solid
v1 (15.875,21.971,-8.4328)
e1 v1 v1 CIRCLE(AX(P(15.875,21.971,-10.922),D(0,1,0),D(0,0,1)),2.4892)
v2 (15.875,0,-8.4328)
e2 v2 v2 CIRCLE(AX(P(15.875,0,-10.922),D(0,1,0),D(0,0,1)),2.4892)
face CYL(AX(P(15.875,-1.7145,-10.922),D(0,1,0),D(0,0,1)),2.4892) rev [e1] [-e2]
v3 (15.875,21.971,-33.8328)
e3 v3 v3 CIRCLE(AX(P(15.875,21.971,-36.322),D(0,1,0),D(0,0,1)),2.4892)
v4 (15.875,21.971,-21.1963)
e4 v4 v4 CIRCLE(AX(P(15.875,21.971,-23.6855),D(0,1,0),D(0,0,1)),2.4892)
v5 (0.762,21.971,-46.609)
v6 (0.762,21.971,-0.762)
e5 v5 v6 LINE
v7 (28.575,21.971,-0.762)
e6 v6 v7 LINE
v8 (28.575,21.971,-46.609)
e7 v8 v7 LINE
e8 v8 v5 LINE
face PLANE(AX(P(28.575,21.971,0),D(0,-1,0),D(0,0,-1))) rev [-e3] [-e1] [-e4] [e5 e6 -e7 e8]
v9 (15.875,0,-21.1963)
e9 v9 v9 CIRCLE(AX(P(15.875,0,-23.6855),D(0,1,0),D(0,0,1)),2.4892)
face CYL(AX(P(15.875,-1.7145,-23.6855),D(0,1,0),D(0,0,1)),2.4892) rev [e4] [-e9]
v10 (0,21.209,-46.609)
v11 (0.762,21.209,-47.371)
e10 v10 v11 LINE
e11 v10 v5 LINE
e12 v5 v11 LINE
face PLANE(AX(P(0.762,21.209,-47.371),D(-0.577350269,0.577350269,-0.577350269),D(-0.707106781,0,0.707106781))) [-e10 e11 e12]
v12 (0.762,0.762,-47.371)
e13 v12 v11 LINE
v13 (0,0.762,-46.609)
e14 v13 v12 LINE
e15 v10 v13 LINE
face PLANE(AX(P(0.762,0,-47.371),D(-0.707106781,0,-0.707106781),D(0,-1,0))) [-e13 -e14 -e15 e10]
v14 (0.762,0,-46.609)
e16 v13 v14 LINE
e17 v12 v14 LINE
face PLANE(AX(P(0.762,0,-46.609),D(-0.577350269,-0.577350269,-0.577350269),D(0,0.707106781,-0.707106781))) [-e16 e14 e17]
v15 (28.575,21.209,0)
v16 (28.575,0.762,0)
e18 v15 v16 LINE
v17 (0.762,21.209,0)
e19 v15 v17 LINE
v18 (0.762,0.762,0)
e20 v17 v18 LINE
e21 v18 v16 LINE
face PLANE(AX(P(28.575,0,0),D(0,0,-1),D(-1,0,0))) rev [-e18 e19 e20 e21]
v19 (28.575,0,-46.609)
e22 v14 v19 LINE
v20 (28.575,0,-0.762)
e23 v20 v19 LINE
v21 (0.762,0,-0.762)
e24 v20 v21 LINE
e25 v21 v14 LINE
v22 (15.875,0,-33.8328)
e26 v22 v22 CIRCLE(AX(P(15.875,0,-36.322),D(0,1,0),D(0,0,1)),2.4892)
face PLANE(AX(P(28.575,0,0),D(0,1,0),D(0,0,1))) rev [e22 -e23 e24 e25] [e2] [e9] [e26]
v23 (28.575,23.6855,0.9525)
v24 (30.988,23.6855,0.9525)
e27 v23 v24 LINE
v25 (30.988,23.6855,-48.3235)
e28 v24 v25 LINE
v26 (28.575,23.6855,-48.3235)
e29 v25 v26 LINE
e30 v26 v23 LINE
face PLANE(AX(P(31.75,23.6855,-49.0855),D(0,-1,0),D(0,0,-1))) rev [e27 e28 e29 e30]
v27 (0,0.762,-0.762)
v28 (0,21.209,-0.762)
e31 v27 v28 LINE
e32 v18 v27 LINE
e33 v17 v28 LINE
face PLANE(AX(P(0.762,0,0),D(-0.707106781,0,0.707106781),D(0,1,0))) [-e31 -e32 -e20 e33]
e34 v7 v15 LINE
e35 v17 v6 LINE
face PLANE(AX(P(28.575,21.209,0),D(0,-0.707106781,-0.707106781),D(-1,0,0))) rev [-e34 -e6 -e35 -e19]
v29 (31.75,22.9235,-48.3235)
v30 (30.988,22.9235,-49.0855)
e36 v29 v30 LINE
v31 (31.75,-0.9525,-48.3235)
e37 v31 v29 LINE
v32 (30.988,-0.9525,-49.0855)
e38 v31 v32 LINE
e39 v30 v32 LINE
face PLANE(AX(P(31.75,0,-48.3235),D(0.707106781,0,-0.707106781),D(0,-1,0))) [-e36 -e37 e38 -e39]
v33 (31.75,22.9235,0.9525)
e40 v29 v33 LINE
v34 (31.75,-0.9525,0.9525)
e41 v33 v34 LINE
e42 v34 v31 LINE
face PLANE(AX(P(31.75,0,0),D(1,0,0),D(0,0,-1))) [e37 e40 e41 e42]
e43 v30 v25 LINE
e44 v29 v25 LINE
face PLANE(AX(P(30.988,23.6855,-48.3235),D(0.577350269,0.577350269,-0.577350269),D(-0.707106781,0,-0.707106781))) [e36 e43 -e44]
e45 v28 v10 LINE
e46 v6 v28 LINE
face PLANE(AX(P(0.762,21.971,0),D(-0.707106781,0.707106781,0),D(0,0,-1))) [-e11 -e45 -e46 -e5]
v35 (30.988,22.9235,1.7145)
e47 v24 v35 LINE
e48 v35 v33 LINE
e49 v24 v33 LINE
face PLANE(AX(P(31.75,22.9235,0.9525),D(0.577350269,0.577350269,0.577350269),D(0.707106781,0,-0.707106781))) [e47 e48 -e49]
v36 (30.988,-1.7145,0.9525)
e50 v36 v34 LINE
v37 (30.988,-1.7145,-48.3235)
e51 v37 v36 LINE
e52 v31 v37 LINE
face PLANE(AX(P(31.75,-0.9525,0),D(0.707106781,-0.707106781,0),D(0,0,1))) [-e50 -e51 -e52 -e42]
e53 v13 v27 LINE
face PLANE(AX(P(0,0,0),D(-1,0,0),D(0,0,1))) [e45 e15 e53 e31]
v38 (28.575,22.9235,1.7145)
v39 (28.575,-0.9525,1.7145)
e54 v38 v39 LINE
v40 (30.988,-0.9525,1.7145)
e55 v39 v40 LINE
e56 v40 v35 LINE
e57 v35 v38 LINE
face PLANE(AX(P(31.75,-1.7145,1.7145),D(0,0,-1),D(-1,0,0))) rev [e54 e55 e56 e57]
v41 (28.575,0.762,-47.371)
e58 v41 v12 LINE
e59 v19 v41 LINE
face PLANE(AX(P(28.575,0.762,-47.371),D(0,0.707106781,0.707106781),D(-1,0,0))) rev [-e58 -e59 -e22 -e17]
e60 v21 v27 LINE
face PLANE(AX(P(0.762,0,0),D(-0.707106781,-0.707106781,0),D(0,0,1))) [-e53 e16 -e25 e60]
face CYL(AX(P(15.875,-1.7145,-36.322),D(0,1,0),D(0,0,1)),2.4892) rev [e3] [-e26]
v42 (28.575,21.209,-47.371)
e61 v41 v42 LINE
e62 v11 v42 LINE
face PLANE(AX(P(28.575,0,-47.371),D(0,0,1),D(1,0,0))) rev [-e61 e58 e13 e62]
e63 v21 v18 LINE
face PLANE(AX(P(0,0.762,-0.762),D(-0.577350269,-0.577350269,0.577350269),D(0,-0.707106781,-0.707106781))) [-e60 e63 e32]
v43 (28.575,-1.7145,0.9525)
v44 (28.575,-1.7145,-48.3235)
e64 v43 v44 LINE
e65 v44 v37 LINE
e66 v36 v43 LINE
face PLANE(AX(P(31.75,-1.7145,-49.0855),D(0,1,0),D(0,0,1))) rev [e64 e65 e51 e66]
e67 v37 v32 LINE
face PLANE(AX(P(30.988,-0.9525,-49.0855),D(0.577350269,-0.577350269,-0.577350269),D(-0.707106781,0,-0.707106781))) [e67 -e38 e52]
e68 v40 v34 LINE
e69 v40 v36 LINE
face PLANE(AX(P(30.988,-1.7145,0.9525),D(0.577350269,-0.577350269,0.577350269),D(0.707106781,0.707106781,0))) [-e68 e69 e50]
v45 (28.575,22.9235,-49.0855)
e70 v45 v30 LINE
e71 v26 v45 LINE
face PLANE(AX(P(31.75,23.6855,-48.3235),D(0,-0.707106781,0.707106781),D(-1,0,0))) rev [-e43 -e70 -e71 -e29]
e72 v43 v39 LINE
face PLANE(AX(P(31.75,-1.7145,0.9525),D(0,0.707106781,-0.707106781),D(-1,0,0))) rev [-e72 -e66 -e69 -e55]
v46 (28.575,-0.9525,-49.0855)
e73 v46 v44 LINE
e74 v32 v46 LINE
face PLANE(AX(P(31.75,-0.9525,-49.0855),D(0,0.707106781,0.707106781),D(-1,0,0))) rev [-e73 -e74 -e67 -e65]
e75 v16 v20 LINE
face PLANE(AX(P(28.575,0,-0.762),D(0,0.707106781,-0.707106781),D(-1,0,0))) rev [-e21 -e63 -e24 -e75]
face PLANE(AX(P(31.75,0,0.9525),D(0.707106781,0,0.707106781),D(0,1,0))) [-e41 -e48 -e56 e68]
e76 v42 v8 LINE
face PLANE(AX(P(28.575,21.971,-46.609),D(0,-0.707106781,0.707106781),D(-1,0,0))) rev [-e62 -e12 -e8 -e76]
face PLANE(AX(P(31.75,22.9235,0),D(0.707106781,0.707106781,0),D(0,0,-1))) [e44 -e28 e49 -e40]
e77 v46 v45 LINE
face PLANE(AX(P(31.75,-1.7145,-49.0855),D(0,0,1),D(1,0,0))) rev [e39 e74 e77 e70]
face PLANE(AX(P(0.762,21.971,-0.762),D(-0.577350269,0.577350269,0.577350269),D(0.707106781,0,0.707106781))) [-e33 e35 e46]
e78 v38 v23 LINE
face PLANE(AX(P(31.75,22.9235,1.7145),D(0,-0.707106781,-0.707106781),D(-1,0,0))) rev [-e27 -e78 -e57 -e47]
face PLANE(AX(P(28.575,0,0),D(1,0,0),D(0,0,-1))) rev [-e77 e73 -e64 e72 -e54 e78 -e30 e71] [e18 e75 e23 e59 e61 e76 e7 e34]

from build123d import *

# Parameters (mm, degrees)
SKETCH1_W           = 47.371
SKETCH1_H           = 21.971
BOSS_EXTRUDE1_DEPTH = 28.575
SKETCH2_W           = 50.8
SKETCH2_H           = 25.4
BOSS_EXTRUDE2_DEPTH = 3.175
CHAMFER1_SIZE       = 0.762
SKETCH3_R           = 2.4892
CUT_EXTRUDE1_DEPTH  = 64.074969049


with BuildPart() as part:
    # Sketch1 → Boss-Extrude1 (new body)
    with BuildSketch(Plane(origin=(0, 0, 0), x_dir=(0, 0, -1), z_dir=(1, 0, 0))):
        with Locations((23.6855, 10.9855)):
            Rectangle(SKETCH1_W, SKETCH1_H)
    extrude(amount=BOSS_EXTRUDE1_DEPTH)

    # Sketch2 → Boss-Extrude2 (add)
    with BuildSketch(Plane(origin=(28.575, 0, 0), x_dir=(0, 0, -1), z_dir=(1, 0, 0))):
        with Locations((23.6855, 10.9855)):
            Rectangle(SKETCH2_W, SKETCH2_H)
    extrude(amount=BOSS_EXTRUDE2_DEPTH)

    # Chamfer1
    chamfer1_edges = [part.edges().sort_by_distance(p)[0] for p in [
        (30.1625, 23.6855, 1.7145),
        (30.1625, -1.7145, 1.7145),
        (30.1625, -1.7145, -49.0855),
        (30.1625, 23.6855, -49.0855),
        (31.75, 10.9855, 1.7145),
        (31.75, -1.7145, -23.6855),
        (31.75, 10.9855, -49.0855),
        (31.75, 23.6855, -23.6855),
        (0, 21.971, -23.6855),
        (0, 10.9855, -47.371),
        (0, 0, -23.6855),
        (0, 10.9855, 0),
        (14.2875, 21.971, 0),
        (14.2875, 21.971, -47.371),
        (14.2875, 0, -47.371),
        (14.2875, 0, 0),
    ]]
    chamfer(chamfer1_edges, length=CHAMFER1_SIZE)

    # Sketch3 → Cut-Extrude1 (cut, through all)
    with BuildSketch(Plane(origin=(0, 21.971, 0), x_dir=(1, 0, 0), z_dir=(0, 1, 0))):
        with Locations(Location((15.875, 23.6855, 0), (0, 0, 270))):
            Circle(SKETCH3_R)
        with Locations(Location((15.875, 36.322, 0), (0, 0, 270))):
            Circle(SKETCH3_R)
        with Locations(Location((15.875, 10.922, 0), (0, 0, 270))):
            Circle(SKETCH3_R)
    extrude(amount=-CUT_EXTRUDE1_DEPTH, mode=Mode.SUBTRACT)


solid = part.part
